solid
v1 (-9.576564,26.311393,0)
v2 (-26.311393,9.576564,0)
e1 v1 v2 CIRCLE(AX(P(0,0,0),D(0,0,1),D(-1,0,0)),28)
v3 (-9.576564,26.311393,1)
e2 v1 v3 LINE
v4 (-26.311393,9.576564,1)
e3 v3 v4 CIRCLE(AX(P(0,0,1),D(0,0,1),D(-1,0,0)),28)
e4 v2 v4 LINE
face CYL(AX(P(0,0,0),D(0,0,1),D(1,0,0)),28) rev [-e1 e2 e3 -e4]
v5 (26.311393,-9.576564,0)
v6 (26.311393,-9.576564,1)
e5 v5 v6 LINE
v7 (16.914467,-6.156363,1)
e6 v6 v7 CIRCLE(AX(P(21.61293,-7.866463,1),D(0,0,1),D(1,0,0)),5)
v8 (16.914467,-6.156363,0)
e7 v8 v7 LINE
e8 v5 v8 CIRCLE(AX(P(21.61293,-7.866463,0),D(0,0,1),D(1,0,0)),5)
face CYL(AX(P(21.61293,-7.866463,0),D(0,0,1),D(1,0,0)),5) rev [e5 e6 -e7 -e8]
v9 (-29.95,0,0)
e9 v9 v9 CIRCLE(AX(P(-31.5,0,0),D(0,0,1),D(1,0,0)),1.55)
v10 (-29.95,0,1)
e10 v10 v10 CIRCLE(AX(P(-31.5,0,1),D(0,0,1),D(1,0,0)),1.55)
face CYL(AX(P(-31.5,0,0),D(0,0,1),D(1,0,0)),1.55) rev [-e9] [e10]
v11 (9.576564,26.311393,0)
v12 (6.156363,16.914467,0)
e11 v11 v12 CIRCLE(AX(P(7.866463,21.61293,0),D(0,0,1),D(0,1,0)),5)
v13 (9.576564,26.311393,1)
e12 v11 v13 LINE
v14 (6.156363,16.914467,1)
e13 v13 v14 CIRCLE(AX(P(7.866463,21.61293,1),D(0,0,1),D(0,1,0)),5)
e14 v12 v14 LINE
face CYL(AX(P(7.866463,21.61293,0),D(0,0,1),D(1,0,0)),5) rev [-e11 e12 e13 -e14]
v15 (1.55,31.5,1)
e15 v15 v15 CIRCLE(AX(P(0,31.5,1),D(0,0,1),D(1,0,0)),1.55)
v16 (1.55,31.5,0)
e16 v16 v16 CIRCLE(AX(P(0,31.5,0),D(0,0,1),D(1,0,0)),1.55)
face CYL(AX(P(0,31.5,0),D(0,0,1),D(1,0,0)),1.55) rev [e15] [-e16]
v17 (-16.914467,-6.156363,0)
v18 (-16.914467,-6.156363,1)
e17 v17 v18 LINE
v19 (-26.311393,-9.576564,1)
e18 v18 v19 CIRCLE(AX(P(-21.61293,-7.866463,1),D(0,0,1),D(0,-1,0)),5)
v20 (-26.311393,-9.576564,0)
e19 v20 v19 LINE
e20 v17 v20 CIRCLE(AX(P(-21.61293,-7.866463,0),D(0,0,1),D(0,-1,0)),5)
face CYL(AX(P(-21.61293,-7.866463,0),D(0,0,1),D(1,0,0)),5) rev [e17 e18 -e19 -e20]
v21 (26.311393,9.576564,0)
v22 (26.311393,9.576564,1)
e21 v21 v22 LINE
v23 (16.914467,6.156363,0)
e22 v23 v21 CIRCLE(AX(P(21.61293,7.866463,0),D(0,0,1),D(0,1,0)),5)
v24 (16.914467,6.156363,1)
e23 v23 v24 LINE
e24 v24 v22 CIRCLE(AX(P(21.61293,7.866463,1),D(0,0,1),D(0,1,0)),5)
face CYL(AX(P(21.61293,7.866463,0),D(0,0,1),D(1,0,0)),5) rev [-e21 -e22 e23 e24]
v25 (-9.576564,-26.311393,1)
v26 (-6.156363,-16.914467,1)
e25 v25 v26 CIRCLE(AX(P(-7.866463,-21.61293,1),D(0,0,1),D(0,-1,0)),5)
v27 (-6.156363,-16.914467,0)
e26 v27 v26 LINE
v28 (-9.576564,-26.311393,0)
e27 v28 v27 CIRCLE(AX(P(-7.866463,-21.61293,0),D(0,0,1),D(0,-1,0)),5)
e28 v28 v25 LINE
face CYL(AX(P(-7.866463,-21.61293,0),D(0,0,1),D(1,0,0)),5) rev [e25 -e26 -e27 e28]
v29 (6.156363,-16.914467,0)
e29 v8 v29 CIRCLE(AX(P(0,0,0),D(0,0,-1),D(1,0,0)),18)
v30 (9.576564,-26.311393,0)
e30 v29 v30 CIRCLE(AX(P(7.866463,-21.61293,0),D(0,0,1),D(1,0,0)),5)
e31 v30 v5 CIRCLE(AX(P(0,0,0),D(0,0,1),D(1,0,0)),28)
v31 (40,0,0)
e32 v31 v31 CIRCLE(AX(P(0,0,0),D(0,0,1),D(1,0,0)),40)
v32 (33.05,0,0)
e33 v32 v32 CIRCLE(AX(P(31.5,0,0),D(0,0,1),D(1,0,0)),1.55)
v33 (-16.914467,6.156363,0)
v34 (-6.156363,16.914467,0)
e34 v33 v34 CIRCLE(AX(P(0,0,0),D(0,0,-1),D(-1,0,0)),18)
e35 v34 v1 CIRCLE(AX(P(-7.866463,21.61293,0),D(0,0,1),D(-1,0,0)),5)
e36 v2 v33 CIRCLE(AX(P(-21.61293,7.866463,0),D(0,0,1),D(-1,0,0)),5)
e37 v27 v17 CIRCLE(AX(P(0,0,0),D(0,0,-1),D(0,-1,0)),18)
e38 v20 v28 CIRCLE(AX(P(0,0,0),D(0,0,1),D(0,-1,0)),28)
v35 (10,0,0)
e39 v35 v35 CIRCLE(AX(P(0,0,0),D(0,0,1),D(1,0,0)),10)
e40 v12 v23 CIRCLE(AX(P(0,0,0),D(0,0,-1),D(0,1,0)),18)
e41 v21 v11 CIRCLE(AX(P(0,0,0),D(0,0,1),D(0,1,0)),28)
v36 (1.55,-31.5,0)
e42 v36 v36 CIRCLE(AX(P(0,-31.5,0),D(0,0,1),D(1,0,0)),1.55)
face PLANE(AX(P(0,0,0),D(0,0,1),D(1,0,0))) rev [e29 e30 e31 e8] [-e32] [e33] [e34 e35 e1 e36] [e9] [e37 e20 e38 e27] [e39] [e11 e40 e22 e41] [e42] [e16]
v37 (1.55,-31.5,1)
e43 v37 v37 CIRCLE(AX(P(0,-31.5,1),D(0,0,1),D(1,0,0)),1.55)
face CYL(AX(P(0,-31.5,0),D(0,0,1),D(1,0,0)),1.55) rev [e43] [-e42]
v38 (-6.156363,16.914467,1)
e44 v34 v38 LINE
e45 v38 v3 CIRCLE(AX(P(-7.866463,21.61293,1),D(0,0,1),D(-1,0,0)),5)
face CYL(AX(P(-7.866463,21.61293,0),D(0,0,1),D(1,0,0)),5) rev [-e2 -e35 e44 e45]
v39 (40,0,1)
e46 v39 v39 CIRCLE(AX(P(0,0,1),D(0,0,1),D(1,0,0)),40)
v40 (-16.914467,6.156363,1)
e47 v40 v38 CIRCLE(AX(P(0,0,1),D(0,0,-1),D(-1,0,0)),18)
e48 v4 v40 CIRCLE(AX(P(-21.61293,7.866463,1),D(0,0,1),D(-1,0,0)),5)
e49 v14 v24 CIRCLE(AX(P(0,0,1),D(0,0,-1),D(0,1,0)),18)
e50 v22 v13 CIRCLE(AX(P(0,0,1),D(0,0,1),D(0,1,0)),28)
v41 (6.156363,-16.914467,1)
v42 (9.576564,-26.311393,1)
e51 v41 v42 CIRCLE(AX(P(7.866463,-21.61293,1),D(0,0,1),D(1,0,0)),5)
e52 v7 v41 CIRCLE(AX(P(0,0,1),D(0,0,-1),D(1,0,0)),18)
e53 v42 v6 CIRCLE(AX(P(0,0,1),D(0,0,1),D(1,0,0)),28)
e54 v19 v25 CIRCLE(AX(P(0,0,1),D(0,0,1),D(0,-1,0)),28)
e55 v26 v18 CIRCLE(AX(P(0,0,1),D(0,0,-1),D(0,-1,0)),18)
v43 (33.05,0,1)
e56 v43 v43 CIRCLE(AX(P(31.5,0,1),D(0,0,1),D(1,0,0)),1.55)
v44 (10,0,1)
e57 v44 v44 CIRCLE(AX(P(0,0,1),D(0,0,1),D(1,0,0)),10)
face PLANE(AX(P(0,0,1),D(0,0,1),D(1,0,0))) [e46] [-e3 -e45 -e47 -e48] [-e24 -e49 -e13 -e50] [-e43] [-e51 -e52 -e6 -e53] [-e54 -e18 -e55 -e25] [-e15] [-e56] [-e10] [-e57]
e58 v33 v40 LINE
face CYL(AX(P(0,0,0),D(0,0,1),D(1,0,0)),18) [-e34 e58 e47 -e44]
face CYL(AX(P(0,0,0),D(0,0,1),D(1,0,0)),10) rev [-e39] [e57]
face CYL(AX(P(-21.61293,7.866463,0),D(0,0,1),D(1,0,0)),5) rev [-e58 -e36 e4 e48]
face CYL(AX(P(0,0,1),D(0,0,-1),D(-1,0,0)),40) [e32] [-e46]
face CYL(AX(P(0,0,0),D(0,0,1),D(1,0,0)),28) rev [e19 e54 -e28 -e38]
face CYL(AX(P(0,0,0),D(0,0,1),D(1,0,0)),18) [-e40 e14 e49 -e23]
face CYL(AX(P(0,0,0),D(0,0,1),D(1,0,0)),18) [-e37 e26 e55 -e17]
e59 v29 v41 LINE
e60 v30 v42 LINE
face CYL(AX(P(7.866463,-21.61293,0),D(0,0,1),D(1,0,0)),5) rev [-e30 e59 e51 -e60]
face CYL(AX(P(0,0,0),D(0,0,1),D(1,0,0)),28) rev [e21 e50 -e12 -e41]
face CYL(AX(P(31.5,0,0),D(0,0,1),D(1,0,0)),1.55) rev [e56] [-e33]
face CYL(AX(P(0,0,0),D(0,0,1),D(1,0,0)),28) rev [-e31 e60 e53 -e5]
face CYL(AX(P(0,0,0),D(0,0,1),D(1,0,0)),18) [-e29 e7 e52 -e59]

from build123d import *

# Parameters (mm, degrees)
SKETCH_1_R               = 40
EXTRUDE_1_DEPTH          = 1
SKETCH_2_R               = 1.55
CUT_EXTRUDE_1_DEPTH      = 1
SKETCH_4_R               = 10
CUT_EXTRUDE_3_DEPTH      = 1
CUT_EXTRUDE_4_DEPTH      = 1
PATTERN_CIRCULAR_2_COUNT = 4


with BuildPart() as part:
    # 草图1 → 凸台-拉伸1 (new body)
    with BuildSketch(Plane.XY):
        Circle(SKETCH_1_R)
    extrude(amount=EXTRUDE_1_DEPTH)

    # 草图2 → 切除-拉伸1 (cut)
    with BuildSketch(Plane.XY.offset(1)):
        with Locations((0, 31.5)):
            Circle(SKETCH_2_R)
        with Locations((-31.5, 0)):
            Circle(SKETCH_2_R)
        with Locations((0, -31.5)):
            Circle(SKETCH_2_R)
        with Locations((31.5, 0)):
            Circle(SKETCH_2_R)
    extrude(amount=-CUT_EXTRUDE_1_DEPTH, mode=Mode.SUBTRACT)

    # 草图4 → 切除-拉伸3 (cut)
    with BuildSketch(Plane.XY.offset(1)):
        Circle(SKETCH_4_R)
    extrude(amount=-CUT_EXTRUDE_3_DEPTH, mode=Mode.SUBTRACT)

    # 草图5 → 切除-拉伸4 (cut)
    with BuildSketch(Plane.XY.offset(1)):
        with BuildLine():
            ThreePointArc((9.576564013, -26.311393382), (19.798989873, -19.798989873), (26.311393382, -9.576564013))
            ThreePointArc((26.311393382, -9.576564013), (23.323030995, -3.168000193), (16.914467174, -6.15636258))
            ThreePointArc((16.914467174, -6.15636258), (12.727922061, -12.727922061), (6.15636258, -16.914467174))
            ThreePointArc((6.15636258, -16.914467174), (3.168000193, -23.323030995), (9.576564013, -26.311393382))
        make_face()
    cut_extrude_4 = extrude(amount=-CUT_EXTRUDE_4_DEPTH, mode=Mode.SUBTRACT)

    # 阵列(圆周)2: 切除-拉伸4 ×4 about axis
    pattern_circular_2_axis = Axis((0, 0, 0), (0, 0, 1))
    for i in range(1, PATTERN_CIRCULAR_2_COUNT):
        add(cut_extrude_4.rotate(pattern_circular_2_axis, i * 360 / PATTERN_CIRCULAR_2_COUNT), mode=Mode.SUBTRACT)


solid = part.part
